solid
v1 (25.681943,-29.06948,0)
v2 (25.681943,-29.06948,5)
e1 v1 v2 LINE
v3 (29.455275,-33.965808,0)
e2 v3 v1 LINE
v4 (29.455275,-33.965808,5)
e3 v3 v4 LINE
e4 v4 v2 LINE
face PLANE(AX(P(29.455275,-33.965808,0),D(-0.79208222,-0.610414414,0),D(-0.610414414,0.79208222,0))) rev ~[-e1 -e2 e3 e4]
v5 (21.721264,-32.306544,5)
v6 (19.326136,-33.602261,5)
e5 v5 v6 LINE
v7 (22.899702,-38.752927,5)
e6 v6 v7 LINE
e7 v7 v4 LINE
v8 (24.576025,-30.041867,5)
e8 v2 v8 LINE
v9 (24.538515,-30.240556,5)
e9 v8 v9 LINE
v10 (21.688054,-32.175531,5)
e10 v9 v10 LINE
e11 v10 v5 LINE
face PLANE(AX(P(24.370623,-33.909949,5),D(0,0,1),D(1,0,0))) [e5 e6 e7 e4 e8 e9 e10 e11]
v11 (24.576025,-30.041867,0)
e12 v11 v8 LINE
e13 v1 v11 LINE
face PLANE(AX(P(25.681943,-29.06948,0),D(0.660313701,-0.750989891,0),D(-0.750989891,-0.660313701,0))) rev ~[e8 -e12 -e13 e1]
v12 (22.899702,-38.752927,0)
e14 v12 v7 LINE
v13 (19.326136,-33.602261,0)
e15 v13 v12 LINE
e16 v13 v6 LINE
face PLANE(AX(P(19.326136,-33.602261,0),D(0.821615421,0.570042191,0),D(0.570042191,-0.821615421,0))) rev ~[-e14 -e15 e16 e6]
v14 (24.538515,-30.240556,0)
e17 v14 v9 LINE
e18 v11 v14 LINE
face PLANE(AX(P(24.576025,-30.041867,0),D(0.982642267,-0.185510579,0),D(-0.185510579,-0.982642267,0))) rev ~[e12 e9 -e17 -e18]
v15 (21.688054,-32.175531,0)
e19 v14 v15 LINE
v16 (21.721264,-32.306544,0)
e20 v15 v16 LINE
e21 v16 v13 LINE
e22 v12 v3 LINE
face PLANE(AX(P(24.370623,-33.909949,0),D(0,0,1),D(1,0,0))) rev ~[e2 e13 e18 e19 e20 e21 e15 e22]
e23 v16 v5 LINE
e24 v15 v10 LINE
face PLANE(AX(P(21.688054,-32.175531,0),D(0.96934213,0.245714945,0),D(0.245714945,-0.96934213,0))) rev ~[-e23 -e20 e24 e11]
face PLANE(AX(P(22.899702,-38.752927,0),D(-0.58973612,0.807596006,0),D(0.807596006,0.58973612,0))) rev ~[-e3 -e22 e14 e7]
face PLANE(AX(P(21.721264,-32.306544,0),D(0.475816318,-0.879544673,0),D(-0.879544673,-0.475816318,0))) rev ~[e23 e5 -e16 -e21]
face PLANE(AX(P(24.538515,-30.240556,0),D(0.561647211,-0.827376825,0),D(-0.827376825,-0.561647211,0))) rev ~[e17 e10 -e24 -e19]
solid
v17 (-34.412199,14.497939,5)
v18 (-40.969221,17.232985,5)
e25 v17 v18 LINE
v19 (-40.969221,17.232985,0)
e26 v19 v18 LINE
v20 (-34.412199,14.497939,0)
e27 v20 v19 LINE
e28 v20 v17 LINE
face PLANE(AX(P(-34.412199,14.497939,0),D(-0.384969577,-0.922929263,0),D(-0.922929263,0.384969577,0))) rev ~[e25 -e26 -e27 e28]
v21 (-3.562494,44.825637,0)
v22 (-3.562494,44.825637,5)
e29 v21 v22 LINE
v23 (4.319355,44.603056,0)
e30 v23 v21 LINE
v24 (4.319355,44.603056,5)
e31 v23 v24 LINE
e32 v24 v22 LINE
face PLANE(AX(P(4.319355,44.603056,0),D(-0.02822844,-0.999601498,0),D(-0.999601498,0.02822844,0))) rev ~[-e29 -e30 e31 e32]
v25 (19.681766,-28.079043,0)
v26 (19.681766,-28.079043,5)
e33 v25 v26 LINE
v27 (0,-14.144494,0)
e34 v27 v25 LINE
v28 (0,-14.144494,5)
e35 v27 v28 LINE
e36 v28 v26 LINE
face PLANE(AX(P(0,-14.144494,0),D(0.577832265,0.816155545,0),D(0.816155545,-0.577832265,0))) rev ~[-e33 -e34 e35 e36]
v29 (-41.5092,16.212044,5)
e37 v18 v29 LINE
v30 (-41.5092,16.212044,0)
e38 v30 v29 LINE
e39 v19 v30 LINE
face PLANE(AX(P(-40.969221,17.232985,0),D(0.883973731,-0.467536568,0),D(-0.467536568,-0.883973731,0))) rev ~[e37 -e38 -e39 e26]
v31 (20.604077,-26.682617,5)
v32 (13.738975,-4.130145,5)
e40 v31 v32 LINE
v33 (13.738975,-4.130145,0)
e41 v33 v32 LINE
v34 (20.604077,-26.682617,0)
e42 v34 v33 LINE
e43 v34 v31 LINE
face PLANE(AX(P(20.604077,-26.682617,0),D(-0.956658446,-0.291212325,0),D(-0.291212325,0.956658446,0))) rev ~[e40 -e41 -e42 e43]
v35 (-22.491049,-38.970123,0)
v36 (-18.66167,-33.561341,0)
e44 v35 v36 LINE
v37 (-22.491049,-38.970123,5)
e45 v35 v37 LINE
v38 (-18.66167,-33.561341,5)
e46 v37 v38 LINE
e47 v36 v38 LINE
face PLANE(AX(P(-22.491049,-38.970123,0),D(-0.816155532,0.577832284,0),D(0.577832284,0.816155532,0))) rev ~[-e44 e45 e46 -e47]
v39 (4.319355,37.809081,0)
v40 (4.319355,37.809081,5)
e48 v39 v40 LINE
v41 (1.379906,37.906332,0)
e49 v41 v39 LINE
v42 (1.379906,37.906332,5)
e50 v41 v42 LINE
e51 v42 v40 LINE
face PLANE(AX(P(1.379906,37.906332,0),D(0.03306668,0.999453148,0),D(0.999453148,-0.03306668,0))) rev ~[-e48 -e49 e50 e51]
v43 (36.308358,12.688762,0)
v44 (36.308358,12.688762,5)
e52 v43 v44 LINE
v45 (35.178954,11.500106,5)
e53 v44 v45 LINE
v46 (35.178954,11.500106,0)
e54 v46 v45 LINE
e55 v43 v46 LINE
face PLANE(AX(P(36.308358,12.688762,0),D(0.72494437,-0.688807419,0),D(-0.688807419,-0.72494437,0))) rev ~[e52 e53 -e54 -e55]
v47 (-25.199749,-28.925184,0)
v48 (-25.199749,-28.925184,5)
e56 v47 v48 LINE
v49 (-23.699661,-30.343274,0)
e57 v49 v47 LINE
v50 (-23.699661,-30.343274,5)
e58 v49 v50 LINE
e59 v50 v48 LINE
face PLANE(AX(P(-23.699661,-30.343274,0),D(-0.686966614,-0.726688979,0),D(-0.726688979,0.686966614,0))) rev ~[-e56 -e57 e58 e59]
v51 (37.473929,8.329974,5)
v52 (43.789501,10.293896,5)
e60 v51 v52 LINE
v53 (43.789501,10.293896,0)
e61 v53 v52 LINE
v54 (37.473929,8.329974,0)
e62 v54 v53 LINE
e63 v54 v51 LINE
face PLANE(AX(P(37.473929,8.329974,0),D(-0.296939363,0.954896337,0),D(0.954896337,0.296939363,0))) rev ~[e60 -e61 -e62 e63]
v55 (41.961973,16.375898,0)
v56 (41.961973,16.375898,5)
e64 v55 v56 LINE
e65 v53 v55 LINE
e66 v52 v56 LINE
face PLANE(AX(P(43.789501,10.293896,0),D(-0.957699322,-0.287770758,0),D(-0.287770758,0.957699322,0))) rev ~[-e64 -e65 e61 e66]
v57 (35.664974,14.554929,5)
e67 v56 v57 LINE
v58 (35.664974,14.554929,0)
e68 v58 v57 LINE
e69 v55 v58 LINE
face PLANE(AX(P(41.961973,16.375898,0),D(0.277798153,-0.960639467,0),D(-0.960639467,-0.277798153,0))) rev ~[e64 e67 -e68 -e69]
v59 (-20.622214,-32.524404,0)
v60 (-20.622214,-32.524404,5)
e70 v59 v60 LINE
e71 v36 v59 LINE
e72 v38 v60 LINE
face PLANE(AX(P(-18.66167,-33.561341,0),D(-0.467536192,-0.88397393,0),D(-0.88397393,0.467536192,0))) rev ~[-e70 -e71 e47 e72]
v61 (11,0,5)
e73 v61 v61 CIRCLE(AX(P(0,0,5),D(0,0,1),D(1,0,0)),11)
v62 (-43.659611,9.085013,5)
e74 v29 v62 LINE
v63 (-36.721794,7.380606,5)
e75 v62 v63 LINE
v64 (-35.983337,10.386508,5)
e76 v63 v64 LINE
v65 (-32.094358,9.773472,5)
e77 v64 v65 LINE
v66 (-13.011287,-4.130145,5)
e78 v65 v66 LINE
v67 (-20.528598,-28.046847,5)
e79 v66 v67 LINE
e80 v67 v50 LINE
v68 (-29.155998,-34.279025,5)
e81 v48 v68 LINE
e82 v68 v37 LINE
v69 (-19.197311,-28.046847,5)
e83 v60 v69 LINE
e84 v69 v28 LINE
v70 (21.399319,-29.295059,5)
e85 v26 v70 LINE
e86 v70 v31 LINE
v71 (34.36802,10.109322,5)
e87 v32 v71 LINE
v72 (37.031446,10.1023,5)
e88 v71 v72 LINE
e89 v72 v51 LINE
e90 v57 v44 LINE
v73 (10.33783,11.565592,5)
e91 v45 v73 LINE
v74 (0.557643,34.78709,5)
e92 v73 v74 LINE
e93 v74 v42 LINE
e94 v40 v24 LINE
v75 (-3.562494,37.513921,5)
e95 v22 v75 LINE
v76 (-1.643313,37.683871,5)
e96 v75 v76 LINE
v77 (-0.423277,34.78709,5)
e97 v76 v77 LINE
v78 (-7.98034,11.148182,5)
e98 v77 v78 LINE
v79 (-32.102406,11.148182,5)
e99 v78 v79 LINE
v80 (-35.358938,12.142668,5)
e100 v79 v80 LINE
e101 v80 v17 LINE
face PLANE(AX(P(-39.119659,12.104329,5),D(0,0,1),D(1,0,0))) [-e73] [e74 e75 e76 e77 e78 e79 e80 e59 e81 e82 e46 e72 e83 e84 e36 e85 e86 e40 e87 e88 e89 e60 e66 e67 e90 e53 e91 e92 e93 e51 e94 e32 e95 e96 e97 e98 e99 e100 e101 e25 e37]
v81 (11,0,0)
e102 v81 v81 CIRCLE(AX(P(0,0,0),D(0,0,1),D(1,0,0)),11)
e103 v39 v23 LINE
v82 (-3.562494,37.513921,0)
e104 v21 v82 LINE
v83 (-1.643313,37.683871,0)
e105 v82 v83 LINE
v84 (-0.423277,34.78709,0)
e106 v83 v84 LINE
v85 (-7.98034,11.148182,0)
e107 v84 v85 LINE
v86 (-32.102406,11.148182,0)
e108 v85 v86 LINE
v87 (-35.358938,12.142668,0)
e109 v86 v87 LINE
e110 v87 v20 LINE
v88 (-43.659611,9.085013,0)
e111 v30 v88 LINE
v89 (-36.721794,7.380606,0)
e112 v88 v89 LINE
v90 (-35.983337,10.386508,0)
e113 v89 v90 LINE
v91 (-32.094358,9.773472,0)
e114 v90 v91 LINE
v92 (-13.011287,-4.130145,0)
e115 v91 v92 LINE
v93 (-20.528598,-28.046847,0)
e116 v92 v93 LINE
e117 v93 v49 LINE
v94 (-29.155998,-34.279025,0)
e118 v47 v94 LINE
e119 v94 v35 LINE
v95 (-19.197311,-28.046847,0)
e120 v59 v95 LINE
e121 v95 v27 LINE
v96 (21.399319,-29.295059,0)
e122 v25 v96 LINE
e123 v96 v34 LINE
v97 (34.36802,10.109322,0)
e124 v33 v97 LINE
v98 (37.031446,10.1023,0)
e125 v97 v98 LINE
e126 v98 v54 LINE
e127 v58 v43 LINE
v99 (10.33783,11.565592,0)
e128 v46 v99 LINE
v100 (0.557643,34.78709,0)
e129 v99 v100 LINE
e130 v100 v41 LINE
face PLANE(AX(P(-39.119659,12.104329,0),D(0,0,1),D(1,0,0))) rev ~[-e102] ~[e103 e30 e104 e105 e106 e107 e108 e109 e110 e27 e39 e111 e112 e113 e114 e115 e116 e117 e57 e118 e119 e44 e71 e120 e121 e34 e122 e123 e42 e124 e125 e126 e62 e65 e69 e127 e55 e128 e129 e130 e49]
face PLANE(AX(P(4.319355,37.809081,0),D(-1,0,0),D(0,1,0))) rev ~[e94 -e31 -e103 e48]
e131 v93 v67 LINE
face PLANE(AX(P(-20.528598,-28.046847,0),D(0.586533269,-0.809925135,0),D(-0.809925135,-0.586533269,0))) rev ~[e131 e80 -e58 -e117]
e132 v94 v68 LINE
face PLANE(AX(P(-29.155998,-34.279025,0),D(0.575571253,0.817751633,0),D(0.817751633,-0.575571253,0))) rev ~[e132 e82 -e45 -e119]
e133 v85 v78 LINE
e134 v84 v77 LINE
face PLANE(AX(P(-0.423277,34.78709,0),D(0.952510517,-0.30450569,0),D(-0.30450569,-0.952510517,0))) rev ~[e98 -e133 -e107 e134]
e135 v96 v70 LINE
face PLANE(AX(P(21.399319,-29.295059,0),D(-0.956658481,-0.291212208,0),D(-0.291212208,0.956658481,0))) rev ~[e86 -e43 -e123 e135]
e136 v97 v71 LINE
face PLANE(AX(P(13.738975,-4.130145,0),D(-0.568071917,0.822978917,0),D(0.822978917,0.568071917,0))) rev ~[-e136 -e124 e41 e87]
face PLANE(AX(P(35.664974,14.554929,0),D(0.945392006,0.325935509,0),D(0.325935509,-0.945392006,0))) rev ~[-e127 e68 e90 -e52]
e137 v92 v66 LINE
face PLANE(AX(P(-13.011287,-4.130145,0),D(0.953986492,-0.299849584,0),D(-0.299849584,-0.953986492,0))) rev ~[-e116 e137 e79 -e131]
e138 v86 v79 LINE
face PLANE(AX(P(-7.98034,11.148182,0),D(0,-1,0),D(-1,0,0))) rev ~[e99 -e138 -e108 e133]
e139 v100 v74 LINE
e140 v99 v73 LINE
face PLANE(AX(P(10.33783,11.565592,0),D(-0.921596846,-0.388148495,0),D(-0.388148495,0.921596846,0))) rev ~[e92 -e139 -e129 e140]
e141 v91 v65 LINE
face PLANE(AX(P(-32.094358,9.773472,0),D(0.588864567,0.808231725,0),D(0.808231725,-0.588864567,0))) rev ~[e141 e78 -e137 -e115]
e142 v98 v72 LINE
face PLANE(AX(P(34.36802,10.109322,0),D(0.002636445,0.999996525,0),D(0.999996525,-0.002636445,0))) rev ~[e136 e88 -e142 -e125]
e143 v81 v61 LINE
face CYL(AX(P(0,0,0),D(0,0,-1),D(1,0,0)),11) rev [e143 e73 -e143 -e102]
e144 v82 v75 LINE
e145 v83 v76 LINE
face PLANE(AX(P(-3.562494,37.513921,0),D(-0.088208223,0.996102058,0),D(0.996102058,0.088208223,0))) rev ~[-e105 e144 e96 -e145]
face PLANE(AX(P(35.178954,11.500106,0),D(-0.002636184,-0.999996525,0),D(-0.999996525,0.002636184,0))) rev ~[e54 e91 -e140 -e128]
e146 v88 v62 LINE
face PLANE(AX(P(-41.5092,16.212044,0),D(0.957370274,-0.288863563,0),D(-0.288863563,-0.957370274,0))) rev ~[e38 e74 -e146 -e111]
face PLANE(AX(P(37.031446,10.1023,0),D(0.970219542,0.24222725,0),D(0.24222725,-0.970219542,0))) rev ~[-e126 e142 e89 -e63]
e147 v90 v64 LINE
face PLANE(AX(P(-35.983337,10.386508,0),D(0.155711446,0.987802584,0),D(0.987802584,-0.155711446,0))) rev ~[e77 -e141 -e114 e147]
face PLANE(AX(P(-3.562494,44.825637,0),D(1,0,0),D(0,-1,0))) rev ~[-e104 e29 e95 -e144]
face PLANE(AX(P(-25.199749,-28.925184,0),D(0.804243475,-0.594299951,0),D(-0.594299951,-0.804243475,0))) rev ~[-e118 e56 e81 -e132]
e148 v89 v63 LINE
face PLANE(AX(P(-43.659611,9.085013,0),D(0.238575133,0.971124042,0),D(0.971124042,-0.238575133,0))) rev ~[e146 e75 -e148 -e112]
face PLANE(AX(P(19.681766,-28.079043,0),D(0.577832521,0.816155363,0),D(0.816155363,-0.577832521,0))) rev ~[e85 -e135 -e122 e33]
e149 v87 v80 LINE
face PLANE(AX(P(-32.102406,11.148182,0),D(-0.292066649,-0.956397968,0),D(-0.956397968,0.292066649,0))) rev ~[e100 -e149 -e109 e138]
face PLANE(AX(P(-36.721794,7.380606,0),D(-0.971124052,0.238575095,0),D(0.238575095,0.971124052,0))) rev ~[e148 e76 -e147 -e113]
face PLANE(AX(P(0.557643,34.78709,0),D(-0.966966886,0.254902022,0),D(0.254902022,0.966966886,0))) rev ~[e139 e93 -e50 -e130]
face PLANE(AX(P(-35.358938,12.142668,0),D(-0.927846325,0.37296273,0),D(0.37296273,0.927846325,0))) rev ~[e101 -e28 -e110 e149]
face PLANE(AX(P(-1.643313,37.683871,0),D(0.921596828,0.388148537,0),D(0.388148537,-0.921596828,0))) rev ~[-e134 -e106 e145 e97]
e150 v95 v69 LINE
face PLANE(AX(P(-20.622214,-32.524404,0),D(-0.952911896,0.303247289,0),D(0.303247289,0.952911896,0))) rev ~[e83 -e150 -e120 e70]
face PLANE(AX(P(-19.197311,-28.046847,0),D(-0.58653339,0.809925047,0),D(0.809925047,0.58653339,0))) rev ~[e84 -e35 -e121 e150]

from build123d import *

# Parameters (mm, degrees)
F0_R     = 11
F1_DEPTH = 5


with BuildPart() as f1:
    # F0 (on Top) → F1 (new body)
    with BuildSketch(Plane.XY):
        Polygon((-35.983337, 10.386508), (-35.358938, 12.142668), (-34.412199, 14.497939), (-40.969221, 17.232985), (-41.5092, 16.212044), (-43.659611, 9.085013), (-36.721794, 7.380606), align=None)
        Polygon((-0.423277, 34.78709), (-7.98034, 11.148182), (-32.102406, 11.148182), (-33.981182, 11.148182), (-32.094358, 9.773472), (-13.011287, -4.130145), (-20.528598, -28.046847), (-20.920927, -29.295059), (-19.197311, -28.046847), (0, -14.144494), (19.681766, -28.079043), (21.399319, -29.295059), (20.604077, -26.682617), (13.738975, -4.130145), (34.36802, 10.109322), (36.378302, 11.496944), (35.178954, 11.500106), (10.33783, 11.565592), (0.557643, 34.78709), (0, 36.111124), align=None)
        Circle(F0_R, mode=Mode.SUBTRACT)
        Polygon((36.308358, 12.688762), (36.378302, 11.496944), (37.031446, 10.1023), (37.473929, 8.329974), (43.789501, 10.293896), (41.961973, 16.375898), (35.664974, 14.554929), align=None)
        Polygon((37.031446, 10.1023), (36.378302, 11.496944), (34.36802, 10.109322), align=None)
        Polygon((36.308358, 12.688762), (35.178954, 11.500106), (36.378302, 11.496944), align=None)
        Polygon((-33.981182, 11.148182), (-32.102406, 11.148182), (-35.358938, 12.142668), (-35.983337, 10.386508), (-32.094358, 9.773472), align=None)
        Polygon((-1.643313, 37.683871), (-0.423277, 34.78709), (0, 36.111124), (0.557643, 34.78709), (1.379906, 37.906332), align=None)
        Polygon((-3.562494, 37.513921), (-1.643313, 37.683871), (1.379906, 37.906332), (4.319355, 37.809081), (4.319355, 44.603056), (-3.562494, 44.825637), align=None)
        Polygon((-20.622214, -32.524404), (-23.699661, -30.343274), (-25.199749, -28.925184), (-29.155998, -34.279025), (-22.491049, -38.970123), (-18.66167, -33.561341), align=None)
        Polygon((-20.920927, -29.295059), (-20.528598, -28.046847), (-23.699661, -30.343274), (-20.622214, -32.524404), (-19.197311, -28.046847), align=None)
        Polygon((24.538515, -30.240556), (21.688054, -32.175531), (21.721264, -32.306544), (19.326136, -33.602261), (22.899702, -38.752927), (29.455275, -33.965808), (25.681943, -29.06948), (24.576025, -30.041867), align=None)
    extrude(amount=F1_DEPTH)


solid = f1.part
